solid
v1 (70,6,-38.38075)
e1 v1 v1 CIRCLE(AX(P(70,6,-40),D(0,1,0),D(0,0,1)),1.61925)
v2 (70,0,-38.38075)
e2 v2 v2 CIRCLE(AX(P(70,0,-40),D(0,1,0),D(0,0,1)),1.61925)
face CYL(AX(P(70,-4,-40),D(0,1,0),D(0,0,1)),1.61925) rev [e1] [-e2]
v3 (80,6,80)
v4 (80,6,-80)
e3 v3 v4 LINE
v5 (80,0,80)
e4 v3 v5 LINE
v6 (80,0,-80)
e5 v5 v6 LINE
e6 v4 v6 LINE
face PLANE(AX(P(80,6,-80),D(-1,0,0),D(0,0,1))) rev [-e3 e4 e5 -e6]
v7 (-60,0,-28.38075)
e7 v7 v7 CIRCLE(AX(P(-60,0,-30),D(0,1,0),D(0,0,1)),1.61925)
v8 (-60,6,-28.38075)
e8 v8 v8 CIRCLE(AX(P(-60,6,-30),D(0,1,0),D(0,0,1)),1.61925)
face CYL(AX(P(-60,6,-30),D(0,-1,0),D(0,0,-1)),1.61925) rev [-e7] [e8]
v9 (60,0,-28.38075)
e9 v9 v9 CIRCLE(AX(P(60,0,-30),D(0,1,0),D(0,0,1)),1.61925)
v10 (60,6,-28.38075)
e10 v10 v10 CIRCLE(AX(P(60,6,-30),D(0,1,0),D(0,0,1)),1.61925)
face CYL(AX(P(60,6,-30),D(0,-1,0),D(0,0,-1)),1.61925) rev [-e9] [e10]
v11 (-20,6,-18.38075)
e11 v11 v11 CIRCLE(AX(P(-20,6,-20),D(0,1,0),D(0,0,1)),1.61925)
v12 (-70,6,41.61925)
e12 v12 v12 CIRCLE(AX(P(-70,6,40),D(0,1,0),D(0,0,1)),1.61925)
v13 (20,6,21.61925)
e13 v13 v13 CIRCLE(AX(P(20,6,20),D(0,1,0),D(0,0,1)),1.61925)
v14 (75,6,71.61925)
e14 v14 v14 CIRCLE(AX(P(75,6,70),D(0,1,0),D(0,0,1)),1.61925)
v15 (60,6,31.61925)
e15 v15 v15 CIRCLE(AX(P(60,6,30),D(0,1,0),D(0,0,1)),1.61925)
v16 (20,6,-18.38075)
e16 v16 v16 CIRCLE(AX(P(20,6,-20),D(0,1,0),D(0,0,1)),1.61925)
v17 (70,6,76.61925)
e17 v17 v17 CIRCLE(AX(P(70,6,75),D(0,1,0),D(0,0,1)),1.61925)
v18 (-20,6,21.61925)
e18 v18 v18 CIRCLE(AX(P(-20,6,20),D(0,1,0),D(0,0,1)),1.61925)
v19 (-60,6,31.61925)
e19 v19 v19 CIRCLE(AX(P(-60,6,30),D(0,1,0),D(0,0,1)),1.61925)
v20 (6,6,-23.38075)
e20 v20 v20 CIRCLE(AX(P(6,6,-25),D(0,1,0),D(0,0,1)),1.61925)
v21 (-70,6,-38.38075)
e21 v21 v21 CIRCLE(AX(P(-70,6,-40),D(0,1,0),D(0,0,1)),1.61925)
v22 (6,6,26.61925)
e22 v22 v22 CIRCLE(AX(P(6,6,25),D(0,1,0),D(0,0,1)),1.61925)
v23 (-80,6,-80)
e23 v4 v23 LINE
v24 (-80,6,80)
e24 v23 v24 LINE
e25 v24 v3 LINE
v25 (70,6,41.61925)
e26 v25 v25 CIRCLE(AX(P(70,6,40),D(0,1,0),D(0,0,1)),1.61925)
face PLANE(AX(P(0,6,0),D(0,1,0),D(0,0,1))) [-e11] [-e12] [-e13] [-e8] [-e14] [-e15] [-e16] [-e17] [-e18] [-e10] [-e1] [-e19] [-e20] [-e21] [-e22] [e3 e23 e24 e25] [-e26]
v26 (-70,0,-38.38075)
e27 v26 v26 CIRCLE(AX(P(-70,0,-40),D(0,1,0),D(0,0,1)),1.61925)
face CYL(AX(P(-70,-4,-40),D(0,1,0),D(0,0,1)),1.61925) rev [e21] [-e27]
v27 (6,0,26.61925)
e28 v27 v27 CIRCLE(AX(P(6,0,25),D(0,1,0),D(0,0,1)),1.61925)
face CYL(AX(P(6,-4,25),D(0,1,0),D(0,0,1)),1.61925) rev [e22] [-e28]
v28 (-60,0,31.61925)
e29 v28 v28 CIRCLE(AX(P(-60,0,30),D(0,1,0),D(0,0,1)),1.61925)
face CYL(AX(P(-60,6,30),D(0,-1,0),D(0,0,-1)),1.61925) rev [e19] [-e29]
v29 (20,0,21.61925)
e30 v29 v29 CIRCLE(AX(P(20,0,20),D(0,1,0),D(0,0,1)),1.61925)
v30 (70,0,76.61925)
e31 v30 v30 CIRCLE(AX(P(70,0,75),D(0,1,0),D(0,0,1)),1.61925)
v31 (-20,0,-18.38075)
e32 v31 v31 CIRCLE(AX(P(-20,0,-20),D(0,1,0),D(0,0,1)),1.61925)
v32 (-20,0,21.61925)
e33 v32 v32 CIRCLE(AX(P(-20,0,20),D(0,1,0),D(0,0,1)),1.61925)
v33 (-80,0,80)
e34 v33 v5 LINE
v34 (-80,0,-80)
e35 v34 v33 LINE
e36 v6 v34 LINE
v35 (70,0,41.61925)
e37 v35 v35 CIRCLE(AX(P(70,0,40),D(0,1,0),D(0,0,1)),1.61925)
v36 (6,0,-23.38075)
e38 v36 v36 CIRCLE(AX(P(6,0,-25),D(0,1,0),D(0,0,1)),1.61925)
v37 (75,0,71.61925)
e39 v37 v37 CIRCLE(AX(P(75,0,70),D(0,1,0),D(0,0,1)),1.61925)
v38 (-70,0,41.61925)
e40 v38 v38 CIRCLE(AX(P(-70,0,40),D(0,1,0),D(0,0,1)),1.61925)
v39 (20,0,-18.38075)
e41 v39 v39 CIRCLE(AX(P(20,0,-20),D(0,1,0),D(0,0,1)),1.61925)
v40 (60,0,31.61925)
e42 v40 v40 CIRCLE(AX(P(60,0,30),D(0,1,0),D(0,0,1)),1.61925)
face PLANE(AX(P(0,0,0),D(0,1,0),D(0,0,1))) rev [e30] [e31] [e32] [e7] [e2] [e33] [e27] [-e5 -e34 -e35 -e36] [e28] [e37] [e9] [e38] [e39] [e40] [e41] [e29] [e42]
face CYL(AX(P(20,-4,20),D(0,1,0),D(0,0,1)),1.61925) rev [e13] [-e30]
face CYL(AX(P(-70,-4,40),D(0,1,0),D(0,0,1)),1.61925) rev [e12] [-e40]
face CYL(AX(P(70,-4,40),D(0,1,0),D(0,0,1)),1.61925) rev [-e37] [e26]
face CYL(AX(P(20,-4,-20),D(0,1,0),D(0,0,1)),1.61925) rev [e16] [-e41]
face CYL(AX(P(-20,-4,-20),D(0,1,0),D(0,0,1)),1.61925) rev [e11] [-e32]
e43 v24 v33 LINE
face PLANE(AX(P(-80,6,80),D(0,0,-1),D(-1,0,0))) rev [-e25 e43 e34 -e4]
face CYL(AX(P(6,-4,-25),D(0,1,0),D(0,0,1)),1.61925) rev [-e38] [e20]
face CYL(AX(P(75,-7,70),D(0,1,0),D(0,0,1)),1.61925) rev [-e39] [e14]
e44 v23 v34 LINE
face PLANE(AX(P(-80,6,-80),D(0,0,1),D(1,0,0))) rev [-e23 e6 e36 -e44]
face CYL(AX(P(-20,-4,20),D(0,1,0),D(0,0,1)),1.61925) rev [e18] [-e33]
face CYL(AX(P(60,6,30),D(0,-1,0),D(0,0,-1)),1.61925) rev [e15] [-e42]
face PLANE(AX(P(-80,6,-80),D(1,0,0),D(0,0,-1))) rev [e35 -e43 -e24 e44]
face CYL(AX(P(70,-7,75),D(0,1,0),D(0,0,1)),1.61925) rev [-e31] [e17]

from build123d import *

# Parameters (mm, degrees)
CROQUIS1_W              = 160
CROQUIS1_H              = 160
CROQUIS1_R              = 1.61925
SALIENTE_EXTRUIR1_DEPTH = 6
CROQUIS5_R              = 1.61925
ESPACIO_EXTERNO_DEPTH   = 10
CROQUIS6_R              = 1.61925
ESPACIO_CENTRO_DEPTH    = 10
CROQUIS7_R              = 1.61925
CORTAR_EXTRUIR1_DEPTH   = 10
CROQUIS8_R              = 1.61925
CORTAR_EXTRUIR2_DEPTH   = 13


with BuildPart() as part:
    # Croquis1 → Saliente-Extruir1 (new body)
    with BuildSketch(Plane(origin=(0, 0, 0), x_dir=(1, 0, 0), z_dir=(0, 1, 0))):
        Rectangle(CROQUIS1_W, CROQUIS1_H)
        with Locations(Location((-60, 30, 0), (0, 0, 270))):
            Circle(CROQUIS1_R, mode=Mode.SUBTRACT)
        with Locations(Location((-60, -30, 0), (0, 0, 270))):
            Circle(CROQUIS1_R, mode=Mode.SUBTRACT)
        with Locations(Location((60, -30, 0), (0, 0, 270))):
            Circle(CROQUIS1_R, mode=Mode.SUBTRACT)
        with Locations(Location((60, 30, 0), (0, 0, 270))):
            Circle(CROQUIS1_R, mode=Mode.SUBTRACT)
    extrude(amount=SALIENTE_EXTRUIR1_DEPTH)

    # Croquis5 → Espacio_externo (cut)
    with BuildSketch(Plane(origin=(0, 6, 0), x_dir=(1, 0, 0), z_dir=(0, 1, 0))):
        with Locations(Location((-70, 40, 0), (0, 0, 270))):
            Circle(CROQUIS5_R)
        with Locations(Location((70, 40, 0), (0, 0, 270))):
            Circle(CROQUIS5_R)
        with Locations(Location((70, -40, 0), (0, 0, 270))):
            Circle(CROQUIS5_R)
        with Locations(Location((-70, -40, 0), (0, 0, 270))):
            Circle(CROQUIS5_R)
    extrude(amount=-ESPACIO_EXTERNO_DEPTH, mode=Mode.SUBTRACT)

    # Croquis6 → Espacio_Centro (cut)
    with BuildSketch(Plane(origin=(0, 6, 0), x_dir=(1, 0, 0), z_dir=(0, 1, 0))):
        with Locations(Location((-20, 20, 0), (0, 0, 270))):
            Circle(CROQUIS6_R)
        with Locations(Location((20, 20, 0), (0, 0, 270))):
            Circle(CROQUIS6_R)
        with Locations(Location((20, -20, 0), (0, 0, 270))):
            Circle(CROQUIS6_R)
        with Locations(Location((-20, -20, 0), (0, 0, 270))):
            Circle(CROQUIS6_R)
    extrude(amount=-ESPACIO_CENTRO_DEPTH, mode=Mode.SUBTRACT)

    # Croquis7 → Cortar-Extruir1 (cut)
    with BuildSketch(Plane(origin=(0, 6, 0), x_dir=(1, 0, 0), z_dir=(0, 1, 0))):
        with Locations(Location((6, 25, 0), (0, 0, 270))):
            Circle(CROQUIS7_R)
        with Locations(Location((6, -25, 0), (0, 0, 270))):
            Circle(CROQUIS7_R)
    extrude(amount=-CORTAR_EXTRUIR1_DEPTH, mode=Mode.SUBTRACT)

    # Croquis8 → Cortar-Extruir2 (cut)
    with BuildSketch(Plane(origin=(0, 6, 0), x_dir=(1, 0, 0), z_dir=(0, 1, 0))):
        with Locations(Location((70, -75, 0), (0, 0, 270))):
            Circle(CROQUIS8_R)
        with Locations(Location((75, -70, 0), (0, 0, 270))):
            Circle(CROQUIS8_R)
    extrude(amount=-CORTAR_EXTRUIR2_DEPTH, mode=Mode.SUBTRACT)


solid = part.part
